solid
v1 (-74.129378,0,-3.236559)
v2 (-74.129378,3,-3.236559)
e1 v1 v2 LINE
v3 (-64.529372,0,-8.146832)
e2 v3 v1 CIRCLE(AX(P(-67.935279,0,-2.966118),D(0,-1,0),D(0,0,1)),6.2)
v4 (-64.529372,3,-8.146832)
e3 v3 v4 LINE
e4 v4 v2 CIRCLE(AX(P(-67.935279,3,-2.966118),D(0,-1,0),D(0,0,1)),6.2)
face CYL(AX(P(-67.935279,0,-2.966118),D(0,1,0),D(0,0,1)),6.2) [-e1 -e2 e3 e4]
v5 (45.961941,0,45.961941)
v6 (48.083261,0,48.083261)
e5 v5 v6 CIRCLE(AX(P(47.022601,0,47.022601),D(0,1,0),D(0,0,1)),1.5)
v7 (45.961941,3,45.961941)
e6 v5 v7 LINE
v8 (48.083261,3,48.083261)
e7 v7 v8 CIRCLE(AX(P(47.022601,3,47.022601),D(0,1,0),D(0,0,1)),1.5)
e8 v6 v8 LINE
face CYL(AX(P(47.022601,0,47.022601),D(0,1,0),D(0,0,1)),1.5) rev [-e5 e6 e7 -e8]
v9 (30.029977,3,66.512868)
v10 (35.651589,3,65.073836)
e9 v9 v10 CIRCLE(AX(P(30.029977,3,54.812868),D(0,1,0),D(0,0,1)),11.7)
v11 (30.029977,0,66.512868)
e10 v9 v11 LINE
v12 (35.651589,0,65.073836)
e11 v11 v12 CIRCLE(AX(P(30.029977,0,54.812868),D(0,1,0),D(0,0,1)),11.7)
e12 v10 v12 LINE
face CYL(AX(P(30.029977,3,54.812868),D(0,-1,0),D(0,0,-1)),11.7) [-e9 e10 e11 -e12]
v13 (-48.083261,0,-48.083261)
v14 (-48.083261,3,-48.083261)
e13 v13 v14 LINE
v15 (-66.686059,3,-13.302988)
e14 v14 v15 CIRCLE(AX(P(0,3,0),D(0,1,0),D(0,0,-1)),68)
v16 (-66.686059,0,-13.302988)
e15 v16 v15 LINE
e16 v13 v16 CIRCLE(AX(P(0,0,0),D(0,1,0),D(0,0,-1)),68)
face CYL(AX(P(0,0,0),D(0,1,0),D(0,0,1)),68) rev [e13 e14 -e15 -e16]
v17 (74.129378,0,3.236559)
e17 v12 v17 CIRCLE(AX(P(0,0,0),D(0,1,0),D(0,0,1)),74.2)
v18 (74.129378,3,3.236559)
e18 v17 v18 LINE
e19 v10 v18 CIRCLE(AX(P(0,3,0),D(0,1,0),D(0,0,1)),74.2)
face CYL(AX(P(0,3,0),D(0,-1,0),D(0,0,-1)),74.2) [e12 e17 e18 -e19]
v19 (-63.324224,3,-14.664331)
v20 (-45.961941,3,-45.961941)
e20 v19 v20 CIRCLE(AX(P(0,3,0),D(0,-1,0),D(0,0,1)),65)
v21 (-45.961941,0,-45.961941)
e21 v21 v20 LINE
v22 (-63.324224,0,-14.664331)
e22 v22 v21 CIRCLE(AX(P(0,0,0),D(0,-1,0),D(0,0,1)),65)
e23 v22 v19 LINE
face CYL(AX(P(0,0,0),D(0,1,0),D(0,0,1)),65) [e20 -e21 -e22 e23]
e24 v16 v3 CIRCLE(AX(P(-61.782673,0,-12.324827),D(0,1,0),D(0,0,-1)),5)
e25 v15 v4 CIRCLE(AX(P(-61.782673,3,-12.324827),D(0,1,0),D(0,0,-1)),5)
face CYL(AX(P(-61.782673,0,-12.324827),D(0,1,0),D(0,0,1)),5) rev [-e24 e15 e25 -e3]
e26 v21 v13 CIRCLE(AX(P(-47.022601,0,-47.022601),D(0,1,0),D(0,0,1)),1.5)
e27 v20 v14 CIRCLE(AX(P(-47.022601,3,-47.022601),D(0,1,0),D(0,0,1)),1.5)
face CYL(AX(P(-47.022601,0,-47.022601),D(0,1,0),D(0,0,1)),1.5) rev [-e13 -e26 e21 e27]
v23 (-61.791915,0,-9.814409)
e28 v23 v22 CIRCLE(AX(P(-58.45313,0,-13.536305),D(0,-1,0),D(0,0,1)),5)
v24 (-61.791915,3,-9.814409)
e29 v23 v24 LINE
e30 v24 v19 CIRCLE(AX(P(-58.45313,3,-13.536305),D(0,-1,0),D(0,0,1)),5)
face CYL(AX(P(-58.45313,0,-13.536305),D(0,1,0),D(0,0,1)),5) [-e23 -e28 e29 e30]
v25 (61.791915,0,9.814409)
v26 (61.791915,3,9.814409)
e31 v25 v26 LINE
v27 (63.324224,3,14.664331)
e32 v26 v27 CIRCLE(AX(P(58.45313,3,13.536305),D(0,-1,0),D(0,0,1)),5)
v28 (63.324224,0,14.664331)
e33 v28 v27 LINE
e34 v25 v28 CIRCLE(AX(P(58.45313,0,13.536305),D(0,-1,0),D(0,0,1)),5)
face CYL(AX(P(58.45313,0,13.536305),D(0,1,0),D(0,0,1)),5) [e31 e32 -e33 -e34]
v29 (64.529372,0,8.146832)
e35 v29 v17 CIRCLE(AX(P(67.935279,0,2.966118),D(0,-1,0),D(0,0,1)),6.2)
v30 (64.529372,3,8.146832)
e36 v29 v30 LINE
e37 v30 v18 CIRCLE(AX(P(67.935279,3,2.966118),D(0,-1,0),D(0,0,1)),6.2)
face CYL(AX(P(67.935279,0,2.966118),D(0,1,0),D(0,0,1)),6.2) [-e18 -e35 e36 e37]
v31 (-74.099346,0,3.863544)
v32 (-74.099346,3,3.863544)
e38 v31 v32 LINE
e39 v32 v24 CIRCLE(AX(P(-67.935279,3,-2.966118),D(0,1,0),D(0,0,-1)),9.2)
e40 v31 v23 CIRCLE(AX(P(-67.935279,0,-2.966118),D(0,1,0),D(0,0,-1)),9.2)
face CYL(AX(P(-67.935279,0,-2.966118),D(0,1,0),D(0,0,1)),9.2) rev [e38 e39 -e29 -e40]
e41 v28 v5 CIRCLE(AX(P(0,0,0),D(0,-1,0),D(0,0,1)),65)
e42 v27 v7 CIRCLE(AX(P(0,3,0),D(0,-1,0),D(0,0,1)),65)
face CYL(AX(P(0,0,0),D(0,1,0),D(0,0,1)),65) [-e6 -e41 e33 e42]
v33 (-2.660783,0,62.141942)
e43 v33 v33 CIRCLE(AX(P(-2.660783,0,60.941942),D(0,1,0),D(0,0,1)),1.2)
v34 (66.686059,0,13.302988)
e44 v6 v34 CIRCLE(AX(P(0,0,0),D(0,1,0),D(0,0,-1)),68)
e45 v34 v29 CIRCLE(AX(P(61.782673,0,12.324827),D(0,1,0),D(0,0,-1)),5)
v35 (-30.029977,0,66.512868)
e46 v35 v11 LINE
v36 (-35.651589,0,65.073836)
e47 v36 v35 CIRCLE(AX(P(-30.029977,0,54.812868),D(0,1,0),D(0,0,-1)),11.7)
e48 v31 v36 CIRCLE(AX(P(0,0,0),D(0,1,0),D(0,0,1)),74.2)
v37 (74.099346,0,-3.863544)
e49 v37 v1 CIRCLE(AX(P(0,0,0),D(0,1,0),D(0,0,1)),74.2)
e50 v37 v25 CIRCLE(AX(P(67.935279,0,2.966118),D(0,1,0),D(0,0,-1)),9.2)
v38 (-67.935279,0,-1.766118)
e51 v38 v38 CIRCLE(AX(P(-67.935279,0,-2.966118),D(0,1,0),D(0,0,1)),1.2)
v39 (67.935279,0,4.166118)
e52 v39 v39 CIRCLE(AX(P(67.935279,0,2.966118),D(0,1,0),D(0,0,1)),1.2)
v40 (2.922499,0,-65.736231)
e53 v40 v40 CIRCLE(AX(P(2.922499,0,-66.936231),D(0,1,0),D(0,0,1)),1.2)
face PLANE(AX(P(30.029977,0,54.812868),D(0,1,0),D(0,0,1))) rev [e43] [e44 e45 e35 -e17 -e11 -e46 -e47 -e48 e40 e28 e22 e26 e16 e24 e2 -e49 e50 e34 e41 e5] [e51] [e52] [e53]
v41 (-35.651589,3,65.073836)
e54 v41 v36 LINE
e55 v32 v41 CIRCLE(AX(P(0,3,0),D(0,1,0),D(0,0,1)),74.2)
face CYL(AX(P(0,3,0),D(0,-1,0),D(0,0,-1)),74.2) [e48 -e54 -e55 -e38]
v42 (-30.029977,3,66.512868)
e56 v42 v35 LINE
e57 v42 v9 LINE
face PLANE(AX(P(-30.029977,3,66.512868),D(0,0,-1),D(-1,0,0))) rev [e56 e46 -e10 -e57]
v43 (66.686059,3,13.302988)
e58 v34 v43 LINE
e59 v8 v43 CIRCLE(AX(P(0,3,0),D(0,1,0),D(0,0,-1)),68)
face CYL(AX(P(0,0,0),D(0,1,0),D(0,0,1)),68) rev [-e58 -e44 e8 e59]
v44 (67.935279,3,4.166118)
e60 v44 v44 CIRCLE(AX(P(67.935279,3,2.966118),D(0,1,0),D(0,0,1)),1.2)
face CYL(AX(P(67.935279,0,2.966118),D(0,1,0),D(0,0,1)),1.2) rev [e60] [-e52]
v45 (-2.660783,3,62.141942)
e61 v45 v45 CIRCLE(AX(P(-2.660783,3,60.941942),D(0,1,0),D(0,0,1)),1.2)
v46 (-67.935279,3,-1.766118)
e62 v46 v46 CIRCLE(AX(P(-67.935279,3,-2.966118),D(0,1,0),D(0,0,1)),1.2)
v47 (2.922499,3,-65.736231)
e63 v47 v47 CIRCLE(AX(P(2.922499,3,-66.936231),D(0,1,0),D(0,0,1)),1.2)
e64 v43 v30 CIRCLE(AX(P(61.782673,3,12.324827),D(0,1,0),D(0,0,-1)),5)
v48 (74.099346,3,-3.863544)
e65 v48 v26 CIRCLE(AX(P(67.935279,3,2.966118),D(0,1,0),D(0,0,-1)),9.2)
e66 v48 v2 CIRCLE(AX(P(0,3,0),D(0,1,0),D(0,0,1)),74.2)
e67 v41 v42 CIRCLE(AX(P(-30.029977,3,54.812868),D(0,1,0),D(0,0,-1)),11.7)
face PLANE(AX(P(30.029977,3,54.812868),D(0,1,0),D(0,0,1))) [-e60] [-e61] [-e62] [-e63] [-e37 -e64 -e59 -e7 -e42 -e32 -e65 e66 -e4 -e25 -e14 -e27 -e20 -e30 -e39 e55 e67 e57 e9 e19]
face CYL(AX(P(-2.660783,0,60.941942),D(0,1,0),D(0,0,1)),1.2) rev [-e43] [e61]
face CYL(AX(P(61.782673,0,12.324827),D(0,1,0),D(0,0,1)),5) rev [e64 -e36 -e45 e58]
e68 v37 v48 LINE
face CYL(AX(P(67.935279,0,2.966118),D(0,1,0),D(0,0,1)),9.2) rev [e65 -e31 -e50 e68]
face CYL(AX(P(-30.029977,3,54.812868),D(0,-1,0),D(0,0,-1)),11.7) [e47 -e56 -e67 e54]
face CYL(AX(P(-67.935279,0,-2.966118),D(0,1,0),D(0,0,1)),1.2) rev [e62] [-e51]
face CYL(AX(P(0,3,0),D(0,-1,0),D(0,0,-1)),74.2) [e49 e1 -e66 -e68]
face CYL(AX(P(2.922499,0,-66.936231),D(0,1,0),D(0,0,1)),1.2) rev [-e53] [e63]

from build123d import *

# Parameters (mm, degrees)
BOSS_EXTRUDE1_DEPTH = 3
SKETCH2_R           = 1.2
CUT_EXTRUDE1_DEPTH  = 105.977521403
CUT_EXTRUDE2_DEPTH  = 105.977521403


with BuildPart() as part:
    # Sketch1 → Boss-Extrude1 (new body)
    with BuildSketch(Plane(origin=(0, 0, 0), x_dir=(1, 0, 0), z_dir=(0, 1, 0))):
        with BuildLine():
            Line((-30.029977361, -66.512867647), (30.029977361, -66.512867647))
            ThreePointArc((30.029977361, -66.512867647), (32.931413623, -66.147401939), (35.651589123, -65.073836471))
            ThreePointArc((35.651589123, -65.073836471), (0, 74.2), (-35.651589123, -65.073836471))
            ThreePointArc((-35.651589123, -65.073836471), (-32.931413623, -66.147401939), (-30.029977361, -66.512867647))
        make_face()
    extrude(amount=BOSS_EXTRUDE1_DEPTH)

    # Sketch2 → Cut-Extrude1 (cut, through all)
    with BuildSketch(Plane(origin=(0, 3, 0), x_dir=(1, 0, 0), z_dir=(0, 1, 0))):
        with Locations(Location((-2.660782629, -60.941941516, 0), (0, 0, 270))):
            Circle(SKETCH2_R)
        with Locations(Location((-67.935279068, 2.966118341, 0), (0, 0, 270))):
            Circle(SKETCH2_R)
        with Locations(Location((2.922498953, 66.936230846, 0), (0, 0, 270))):
            Circle(SKETCH2_R)
        with Locations(Location((67.935279068, -2.966118341, 0), (0, 0, 270))):
            Circle(SKETCH2_R)
    extrude(amount=-CUT_EXTRUDE1_DEPTH, mode=Mode.SUBTRACT)

    # Sketch3 → Cut-Extrude2 (cut, through all)
    with BuildSketch(Plane(origin=(0, 3, 0), x_dir=(1, 0, 0), z_dir=(0, 1, 0))):
        with BuildLine():
            ThreePointArc((-74.129378041, 3.236558543), (-65.111947644, -2.5537367), (-64.529371908, 8.146832232))
            ThreePointArc((-64.529371908, 8.146832232), (-66.395420161, 10.395433666), (-66.686059299, 13.302988203))
            ThreePointArc((-66.686059299, 13.302988203), (-59.961788445, 32.071543875), (-48.083261121, 48.083261121))
            ThreePointArc((-48.083261121, 48.083261121), (-45.961940777, 48.083261121), (-45.961940777, 45.961940777))
            ThreePointArc((-45.961940777, 45.961940777), (-56.839700689, 31.531705085), (-63.324224445, 14.664330822))
            ThreePointArc((-63.324224445, 14.664330822), (-63.220830412, 12.029973663), (-61.791915049, 9.814408532))
            ThreePointArc((-61.791915049, 9.814408532), (-61.096295148, -3.187604024), (-74.099345682, -3.86354364))
            ThreePointArc((-74.099345682, -3.86354364), (-74.19933623, -0.313851977), (-74.129378041, 3.236558543))
        make_face()
        with BuildLine():
            ThreePointArc((74.129378041, -3.236558543), (65.111947644, 2.5537367), (64.529371908, -8.146832232))
            ThreePointArc((64.529371908, -8.146832232), (66.395420161, -10.395433666), (66.686059299, -13.302988203))
            ThreePointArc((66.686059299, -13.302988203), (59.961788445, -32.071543875), (48.083261121, -48.083261121))
            ThreePointArc((48.083261121, -48.083261121), (45.961940777, -48.083261121), (45.961940777, -45.961940777))
            ThreePointArc((45.961940777, -45.961940777), (56.839700689, -31.531705085), (63.324224445, -14.664330822))
            ThreePointArc((63.324224445, -14.664330822), (63.220830412, -12.029973663), (61.791915049, -9.814408532))
            ThreePointArc((61.791915049, -9.814408532), (61.096295148, 3.187604024), (74.099345682, 3.86354364))
            ThreePointArc((74.099345682, 3.86354364), (74.19933623, 0.313851977), (74.129378041, -3.236558543))
        make_face()
    extrude(amount=-CUT_EXTRUDE2_DEPTH, mode=Mode.SUBTRACT)


solid = part.part
